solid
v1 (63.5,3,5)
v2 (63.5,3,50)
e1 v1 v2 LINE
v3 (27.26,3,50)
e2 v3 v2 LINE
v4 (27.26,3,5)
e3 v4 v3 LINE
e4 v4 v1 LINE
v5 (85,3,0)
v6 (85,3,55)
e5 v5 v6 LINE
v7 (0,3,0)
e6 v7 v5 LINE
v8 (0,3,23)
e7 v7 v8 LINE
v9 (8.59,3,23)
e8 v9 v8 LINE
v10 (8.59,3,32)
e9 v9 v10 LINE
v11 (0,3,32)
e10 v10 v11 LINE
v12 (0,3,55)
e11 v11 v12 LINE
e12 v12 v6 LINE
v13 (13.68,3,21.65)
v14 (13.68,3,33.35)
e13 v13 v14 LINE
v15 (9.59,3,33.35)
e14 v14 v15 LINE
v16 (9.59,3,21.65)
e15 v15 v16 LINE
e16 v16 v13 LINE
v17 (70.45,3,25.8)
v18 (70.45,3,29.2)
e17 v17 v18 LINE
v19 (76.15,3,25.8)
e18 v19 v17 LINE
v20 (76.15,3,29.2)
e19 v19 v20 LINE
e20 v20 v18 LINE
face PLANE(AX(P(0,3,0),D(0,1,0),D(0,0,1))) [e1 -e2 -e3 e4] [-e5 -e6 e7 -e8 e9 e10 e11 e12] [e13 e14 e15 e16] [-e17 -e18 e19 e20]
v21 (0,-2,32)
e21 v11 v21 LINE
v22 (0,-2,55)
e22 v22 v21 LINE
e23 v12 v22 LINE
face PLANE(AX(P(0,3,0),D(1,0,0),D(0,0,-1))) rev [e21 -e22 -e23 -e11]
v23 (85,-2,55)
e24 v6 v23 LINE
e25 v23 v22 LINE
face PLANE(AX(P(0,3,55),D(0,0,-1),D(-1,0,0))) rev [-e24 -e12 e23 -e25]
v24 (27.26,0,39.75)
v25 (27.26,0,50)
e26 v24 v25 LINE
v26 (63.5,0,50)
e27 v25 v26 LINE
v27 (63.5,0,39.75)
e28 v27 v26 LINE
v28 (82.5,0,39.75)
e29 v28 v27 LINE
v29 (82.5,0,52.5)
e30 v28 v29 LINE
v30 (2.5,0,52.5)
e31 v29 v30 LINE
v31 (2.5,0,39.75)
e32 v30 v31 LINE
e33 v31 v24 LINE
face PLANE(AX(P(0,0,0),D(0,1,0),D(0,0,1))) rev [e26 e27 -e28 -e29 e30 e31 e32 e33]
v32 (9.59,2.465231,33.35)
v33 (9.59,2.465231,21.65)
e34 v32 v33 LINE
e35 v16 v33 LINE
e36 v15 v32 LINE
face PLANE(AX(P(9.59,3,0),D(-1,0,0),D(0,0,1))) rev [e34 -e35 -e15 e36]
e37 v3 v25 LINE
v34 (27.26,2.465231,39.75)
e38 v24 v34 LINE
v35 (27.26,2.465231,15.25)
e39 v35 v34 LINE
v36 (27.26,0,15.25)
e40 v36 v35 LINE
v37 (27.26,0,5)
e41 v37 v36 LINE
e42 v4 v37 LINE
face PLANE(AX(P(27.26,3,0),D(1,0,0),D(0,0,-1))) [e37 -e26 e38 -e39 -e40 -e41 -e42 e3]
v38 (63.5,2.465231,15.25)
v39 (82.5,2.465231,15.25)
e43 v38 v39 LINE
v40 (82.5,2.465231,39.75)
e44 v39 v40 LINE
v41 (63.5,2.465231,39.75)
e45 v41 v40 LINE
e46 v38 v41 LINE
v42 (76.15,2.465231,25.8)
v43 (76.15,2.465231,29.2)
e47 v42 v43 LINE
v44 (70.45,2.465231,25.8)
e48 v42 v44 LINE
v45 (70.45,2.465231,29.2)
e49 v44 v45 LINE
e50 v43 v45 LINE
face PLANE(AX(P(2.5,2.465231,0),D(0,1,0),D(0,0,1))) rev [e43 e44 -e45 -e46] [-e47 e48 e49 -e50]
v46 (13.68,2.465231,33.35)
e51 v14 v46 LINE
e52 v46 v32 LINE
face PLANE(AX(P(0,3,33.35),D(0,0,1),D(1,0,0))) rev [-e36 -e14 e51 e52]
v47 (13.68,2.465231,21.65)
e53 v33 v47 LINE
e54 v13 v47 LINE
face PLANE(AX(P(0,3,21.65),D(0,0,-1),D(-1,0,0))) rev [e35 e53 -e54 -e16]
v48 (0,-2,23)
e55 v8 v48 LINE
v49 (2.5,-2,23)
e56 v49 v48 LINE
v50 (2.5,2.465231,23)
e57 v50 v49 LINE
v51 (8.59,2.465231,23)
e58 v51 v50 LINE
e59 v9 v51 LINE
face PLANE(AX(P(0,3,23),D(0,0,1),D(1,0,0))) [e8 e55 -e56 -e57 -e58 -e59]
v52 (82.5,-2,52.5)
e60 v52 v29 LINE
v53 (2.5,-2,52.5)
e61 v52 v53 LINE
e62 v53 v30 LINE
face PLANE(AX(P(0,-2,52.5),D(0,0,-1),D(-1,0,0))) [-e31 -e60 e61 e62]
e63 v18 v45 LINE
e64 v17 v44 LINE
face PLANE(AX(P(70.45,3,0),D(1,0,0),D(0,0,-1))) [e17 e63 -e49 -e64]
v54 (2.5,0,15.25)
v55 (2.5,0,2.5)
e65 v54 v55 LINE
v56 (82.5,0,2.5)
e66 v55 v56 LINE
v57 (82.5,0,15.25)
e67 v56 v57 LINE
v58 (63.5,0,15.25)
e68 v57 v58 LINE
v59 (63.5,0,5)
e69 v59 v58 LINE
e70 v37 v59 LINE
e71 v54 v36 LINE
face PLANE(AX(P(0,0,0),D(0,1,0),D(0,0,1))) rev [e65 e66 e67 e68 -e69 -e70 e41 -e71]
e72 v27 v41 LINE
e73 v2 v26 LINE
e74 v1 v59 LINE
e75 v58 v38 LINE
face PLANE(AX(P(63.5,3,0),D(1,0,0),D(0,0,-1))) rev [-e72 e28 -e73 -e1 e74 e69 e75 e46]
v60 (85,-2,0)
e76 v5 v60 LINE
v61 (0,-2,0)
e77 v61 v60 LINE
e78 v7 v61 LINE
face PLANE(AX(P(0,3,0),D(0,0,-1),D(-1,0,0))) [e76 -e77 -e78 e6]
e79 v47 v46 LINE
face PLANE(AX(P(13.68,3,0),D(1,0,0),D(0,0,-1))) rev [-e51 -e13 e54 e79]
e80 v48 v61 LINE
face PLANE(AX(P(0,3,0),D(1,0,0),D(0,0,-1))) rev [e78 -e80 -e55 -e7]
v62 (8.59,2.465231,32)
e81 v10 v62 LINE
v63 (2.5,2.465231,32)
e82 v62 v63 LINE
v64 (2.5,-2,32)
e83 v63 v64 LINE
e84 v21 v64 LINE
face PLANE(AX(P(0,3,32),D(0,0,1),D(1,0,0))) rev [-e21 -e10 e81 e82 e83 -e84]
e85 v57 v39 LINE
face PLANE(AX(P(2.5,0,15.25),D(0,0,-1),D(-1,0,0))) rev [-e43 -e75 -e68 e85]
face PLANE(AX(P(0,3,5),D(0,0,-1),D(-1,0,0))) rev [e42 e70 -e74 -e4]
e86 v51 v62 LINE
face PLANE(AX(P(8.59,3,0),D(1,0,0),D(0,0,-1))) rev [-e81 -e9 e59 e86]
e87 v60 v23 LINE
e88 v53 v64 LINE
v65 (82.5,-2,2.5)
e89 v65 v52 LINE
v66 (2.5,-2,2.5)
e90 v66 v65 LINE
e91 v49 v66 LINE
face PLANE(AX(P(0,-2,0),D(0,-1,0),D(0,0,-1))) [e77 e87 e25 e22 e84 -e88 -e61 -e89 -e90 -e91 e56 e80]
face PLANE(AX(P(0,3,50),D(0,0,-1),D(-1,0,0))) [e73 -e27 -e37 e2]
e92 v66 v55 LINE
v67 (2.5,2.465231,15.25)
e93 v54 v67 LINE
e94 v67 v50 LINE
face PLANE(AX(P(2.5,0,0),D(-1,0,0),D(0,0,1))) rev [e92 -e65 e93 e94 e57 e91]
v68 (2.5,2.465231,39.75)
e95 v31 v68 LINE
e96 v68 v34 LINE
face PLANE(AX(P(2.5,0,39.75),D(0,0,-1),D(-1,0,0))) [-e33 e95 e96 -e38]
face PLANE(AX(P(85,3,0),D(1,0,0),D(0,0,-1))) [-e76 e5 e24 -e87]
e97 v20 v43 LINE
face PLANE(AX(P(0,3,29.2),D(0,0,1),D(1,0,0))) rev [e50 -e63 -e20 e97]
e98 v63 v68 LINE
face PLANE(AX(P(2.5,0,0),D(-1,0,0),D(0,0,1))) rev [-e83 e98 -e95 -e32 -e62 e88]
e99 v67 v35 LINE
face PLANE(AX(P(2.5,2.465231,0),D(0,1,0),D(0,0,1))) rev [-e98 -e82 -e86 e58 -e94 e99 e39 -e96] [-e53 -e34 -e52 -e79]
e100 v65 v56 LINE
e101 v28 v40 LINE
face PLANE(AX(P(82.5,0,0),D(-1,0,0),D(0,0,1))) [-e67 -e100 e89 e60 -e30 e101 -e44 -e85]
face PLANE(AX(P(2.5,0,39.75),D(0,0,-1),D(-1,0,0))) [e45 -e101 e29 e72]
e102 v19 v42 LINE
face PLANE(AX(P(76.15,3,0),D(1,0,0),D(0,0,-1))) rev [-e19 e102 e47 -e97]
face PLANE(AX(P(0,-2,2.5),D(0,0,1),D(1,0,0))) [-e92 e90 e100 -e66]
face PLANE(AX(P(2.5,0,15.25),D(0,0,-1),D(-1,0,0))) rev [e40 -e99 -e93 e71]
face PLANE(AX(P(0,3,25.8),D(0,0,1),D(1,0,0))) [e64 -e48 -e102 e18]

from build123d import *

# Parameters (mm, degrees)
SKETCH1_W               = 5.7
SKETCH1_H               = 3.4
SKETCH1_W_2             = 36.24
SKETCH1_H_2             = 45
BOSS_EXTRUDE1_DEPTH     = 3
CUT_EXTRUDE1_DEPTH      = 61
CUT_EXTRUDE1_DEPTH_BACK = 19
SKETCH3_W               = 24.5
SKETCH3_H               = 2.46523088
BOSS_EXTRUDE2_DEPTH     = 2


with BuildPart() as part:
    # Sketch1 → Boss-Extrude1 (new body)
    with BuildSketch(Plane(origin=(0, 0, 0), x_dir=(1, 0, 0), z_dir=(0, 1, 0))):
        Polygon((85, 0), (0, 0), (0, -23), (8.59, -23), (8.59, -32), (0, -32), (0, -55), (85, -55), align=None)
        Polygon((9.59, -33.35), (9.59, -32.35), (9.59, -22.65), (9.59, -21.65), (13.68, -21.65), (13.68, -33.35), align=None, mode=Mode.SUBTRACT)
        with Locations((73.3, -27.5)):
            Rectangle(SKETCH1_W, SKETCH1_H, mode=Mode.SUBTRACT)
        with Locations((45.38, -27.5)):
            Rectangle(SKETCH1_W_2, SKETCH1_H_2, mode=Mode.SUBTRACT)
    extrude(amount=BOSS_EXTRUDE1_DEPTH)

    # Sketch3 → Cut-Extrude1 (cut, two sides: drawn at the far end of the back side and taken through both)
    with BuildSketch(Plane.ZY.offset(-63.5).offset(-CUT_EXTRUDE1_DEPTH_BACK)):
        with Locations((27.5, 1.23261544)):
            Rectangle(SKETCH3_W, SKETCH3_H)
    extrude(amount=CUT_EXTRUDE1_DEPTH + CUT_EXTRUDE1_DEPTH_BACK, mode=Mode.SUBTRACT)

    # Sketch4 → Boss-Extrude2 (add)
    with BuildSketch(Plane.XZ):
        Polygon((0, 32), (2.5, 32), (2.5, 39.75), (2.5, 52.5), (82.5, 52.5), (82.5, 39.75), (82.5, 15.25), (82.5, 2.5), (2.5, 2.5), (2.5, 15.25), (2.5, 23), (0, 23), (0, 0), (85, 0), (85, 55), (0, 55), align=None)
    extrude(amount=BOSS_EXTRUDE2_DEPTH)


solid = part.part
